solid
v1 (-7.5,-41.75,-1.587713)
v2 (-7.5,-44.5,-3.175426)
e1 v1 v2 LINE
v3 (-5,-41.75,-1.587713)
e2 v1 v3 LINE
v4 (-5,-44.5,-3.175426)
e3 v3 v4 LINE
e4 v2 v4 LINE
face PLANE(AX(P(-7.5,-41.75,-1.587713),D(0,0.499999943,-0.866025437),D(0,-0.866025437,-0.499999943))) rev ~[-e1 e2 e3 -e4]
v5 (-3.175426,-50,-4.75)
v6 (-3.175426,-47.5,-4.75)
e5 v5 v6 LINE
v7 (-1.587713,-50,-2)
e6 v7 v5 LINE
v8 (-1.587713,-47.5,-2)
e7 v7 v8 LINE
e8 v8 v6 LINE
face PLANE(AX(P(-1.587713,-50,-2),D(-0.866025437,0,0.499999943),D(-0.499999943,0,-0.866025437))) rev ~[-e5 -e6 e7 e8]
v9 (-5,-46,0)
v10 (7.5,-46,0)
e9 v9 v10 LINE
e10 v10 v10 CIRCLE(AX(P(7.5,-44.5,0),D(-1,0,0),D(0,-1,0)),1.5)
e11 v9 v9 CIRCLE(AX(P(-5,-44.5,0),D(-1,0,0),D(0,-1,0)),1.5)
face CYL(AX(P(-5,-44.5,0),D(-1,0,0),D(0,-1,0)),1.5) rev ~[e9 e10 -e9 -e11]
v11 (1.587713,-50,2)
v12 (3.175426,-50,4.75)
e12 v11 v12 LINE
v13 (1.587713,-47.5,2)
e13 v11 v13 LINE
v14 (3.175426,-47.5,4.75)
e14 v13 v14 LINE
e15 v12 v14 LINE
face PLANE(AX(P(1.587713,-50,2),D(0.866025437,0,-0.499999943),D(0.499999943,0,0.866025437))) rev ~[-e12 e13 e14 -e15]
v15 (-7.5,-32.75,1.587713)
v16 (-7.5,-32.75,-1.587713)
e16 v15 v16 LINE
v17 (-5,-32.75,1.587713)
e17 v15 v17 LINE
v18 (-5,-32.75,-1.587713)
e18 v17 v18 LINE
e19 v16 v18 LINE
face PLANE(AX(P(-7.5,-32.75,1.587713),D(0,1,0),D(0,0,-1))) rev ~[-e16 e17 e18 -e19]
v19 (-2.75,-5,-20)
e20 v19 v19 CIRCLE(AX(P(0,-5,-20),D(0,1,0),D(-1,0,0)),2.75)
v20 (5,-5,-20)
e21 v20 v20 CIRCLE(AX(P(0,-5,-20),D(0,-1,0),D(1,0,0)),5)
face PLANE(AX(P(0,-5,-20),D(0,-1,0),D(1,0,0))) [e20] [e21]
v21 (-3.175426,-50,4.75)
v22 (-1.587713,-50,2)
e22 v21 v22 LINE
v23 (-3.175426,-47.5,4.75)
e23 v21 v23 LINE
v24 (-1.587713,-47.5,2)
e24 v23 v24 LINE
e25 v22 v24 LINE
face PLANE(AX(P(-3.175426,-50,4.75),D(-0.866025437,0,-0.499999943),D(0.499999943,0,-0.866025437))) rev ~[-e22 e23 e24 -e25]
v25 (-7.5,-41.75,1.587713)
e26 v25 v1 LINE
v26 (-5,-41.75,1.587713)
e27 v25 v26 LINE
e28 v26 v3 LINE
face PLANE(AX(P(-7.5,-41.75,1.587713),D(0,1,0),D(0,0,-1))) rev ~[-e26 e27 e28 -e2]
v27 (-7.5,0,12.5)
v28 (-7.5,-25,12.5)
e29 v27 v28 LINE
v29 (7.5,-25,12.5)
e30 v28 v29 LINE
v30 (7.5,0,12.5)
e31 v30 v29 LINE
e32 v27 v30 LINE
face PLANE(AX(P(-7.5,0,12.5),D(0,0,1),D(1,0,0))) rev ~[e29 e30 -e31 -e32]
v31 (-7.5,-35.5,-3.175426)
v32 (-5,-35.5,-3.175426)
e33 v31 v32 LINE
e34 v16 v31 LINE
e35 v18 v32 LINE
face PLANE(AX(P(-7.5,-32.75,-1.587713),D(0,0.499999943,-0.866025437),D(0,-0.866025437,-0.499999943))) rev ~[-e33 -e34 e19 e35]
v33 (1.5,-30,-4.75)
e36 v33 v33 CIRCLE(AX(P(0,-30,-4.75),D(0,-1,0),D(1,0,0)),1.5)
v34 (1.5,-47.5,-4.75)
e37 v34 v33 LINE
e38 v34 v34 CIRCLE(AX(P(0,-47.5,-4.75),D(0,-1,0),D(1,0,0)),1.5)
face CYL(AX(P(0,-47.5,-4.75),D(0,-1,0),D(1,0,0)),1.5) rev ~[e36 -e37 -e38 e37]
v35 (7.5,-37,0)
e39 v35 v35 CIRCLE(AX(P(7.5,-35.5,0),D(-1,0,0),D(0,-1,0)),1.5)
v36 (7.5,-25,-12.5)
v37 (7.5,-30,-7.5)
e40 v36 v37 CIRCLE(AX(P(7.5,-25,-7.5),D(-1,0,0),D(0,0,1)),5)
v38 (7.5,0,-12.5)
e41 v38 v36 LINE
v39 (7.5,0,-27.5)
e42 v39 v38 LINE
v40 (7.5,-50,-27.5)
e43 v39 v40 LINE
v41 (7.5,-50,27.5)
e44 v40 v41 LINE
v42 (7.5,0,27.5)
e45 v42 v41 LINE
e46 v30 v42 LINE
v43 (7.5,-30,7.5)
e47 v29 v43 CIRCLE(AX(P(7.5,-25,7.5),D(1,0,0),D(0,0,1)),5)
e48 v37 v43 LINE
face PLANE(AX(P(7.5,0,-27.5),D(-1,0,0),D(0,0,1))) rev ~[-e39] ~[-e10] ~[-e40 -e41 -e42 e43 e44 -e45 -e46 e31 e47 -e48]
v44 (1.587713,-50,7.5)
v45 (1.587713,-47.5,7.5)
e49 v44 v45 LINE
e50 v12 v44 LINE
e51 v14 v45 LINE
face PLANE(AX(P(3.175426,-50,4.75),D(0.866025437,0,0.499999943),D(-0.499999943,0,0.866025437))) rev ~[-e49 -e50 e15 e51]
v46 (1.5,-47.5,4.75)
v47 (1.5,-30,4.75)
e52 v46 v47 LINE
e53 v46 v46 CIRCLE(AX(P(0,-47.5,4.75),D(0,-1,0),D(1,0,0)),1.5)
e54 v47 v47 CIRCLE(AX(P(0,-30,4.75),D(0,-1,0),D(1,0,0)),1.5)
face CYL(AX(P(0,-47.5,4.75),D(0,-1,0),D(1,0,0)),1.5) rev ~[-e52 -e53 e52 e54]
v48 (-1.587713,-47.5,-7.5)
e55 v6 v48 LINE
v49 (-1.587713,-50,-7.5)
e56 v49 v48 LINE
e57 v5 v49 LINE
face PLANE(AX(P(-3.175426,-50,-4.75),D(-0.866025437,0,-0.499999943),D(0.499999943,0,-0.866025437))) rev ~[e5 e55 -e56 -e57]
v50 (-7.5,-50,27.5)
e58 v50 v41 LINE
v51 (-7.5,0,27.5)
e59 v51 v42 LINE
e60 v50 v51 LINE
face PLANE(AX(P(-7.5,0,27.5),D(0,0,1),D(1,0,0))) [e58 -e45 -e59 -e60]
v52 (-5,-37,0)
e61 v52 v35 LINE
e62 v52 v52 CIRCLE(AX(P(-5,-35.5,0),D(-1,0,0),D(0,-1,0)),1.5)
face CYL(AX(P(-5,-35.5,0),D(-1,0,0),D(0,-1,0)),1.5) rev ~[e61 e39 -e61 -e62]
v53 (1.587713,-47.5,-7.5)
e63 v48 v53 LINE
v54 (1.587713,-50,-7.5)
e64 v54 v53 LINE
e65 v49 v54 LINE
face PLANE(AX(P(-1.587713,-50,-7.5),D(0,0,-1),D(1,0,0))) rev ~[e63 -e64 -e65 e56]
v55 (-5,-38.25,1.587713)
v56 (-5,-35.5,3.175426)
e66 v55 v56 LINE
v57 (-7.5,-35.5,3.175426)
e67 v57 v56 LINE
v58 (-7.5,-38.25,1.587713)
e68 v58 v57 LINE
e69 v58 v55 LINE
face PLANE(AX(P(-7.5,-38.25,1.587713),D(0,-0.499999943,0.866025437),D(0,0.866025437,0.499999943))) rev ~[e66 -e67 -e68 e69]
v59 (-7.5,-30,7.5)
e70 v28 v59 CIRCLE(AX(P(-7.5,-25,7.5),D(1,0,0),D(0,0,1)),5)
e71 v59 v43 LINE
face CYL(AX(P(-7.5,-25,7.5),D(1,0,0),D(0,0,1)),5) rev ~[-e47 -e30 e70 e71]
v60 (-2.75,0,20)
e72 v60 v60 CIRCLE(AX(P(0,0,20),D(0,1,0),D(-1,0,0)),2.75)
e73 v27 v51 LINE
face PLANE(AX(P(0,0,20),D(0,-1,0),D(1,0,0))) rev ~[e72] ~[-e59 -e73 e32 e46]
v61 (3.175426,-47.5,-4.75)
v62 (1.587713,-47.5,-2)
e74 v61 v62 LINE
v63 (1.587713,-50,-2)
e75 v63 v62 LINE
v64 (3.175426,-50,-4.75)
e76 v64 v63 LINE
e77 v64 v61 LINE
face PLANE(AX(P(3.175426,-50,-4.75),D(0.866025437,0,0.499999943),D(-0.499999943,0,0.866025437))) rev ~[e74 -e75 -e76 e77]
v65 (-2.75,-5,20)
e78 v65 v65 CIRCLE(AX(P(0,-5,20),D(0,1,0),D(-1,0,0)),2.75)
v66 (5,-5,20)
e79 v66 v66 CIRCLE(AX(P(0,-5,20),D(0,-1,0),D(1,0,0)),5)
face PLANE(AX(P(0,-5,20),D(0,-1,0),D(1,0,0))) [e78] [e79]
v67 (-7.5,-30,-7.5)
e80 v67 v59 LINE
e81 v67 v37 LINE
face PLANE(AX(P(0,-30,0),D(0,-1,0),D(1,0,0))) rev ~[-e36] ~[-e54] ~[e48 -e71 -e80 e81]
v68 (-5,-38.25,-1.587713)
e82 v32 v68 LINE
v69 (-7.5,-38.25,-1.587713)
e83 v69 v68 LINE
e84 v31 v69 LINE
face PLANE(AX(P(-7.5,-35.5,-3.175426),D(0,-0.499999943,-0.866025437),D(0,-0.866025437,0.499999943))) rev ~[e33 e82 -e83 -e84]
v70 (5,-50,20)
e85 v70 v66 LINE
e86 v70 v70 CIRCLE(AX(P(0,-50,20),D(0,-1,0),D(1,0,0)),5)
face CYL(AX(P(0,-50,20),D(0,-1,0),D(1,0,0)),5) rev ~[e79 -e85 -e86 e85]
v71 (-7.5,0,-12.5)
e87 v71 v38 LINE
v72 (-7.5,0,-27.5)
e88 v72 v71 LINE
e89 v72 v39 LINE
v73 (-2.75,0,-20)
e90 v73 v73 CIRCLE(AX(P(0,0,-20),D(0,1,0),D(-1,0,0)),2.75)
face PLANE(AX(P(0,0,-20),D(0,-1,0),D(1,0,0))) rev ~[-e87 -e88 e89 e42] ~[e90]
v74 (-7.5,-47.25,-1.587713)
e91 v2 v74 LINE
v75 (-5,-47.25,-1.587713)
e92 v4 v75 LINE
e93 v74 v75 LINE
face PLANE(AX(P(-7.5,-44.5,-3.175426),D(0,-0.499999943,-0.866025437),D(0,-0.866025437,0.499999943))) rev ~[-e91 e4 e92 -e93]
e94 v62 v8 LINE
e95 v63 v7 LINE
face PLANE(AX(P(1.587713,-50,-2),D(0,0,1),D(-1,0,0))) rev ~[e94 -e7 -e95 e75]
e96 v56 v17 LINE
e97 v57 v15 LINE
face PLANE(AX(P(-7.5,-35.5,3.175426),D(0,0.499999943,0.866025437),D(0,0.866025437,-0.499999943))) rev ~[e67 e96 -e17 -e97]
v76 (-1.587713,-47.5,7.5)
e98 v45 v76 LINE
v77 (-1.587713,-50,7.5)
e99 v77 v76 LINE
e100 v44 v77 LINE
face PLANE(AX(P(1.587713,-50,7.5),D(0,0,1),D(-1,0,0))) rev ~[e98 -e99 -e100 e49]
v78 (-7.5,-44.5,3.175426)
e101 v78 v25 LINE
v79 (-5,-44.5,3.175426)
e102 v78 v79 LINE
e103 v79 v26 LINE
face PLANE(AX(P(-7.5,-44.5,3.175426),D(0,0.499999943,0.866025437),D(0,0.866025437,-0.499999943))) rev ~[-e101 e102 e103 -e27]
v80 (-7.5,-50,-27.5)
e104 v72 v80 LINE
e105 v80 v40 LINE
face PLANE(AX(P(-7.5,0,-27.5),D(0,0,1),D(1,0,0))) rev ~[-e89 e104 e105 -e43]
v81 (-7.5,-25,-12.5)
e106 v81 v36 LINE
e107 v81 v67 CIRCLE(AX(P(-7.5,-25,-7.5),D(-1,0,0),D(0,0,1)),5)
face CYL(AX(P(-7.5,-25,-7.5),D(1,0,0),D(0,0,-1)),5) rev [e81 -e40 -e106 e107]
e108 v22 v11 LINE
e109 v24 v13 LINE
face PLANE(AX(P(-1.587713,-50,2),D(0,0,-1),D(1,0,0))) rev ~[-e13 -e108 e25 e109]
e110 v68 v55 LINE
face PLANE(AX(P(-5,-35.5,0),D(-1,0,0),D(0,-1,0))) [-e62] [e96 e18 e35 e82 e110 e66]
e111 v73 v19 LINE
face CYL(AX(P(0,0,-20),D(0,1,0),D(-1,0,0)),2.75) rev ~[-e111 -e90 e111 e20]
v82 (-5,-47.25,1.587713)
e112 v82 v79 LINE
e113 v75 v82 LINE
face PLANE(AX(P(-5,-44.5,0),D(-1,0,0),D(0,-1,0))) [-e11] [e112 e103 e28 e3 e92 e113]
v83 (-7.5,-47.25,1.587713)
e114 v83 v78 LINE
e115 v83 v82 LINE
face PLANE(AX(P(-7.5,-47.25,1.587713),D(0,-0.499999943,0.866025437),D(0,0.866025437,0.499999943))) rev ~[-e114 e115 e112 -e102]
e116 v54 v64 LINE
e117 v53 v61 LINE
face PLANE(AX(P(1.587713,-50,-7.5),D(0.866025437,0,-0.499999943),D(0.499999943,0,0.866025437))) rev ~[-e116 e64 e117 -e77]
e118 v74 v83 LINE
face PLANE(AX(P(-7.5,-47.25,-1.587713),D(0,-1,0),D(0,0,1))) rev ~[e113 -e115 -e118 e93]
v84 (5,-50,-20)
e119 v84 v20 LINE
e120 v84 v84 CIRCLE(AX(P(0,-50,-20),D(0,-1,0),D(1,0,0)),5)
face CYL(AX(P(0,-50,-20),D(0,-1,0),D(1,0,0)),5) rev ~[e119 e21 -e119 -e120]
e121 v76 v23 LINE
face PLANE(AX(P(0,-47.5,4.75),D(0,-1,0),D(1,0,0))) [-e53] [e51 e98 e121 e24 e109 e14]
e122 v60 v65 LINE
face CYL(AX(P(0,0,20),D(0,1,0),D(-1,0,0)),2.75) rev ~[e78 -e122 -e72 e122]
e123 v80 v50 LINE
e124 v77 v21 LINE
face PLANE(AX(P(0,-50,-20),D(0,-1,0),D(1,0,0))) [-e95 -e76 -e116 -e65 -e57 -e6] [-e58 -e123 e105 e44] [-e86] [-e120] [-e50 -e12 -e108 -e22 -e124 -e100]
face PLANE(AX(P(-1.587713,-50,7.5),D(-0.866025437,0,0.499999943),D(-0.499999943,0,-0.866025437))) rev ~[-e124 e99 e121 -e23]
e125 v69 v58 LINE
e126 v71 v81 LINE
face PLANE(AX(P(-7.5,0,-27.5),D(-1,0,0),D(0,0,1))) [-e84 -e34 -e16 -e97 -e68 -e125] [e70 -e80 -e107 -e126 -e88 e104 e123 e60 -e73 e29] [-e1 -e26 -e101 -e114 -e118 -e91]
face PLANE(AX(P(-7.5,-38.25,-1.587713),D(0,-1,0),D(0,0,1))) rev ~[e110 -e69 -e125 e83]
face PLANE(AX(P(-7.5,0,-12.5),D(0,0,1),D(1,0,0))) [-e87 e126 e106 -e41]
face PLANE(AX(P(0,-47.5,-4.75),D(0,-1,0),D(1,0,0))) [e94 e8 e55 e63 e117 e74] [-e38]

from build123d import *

# Parameters (mm, degrees)
F0_W      = 15
F0_H      = 15
F1_DEPTH  = 50
F2_W      = 15
F2_H      = 55
F3_DEPTH  = 20
F4_R      = 2.75
F5_DEPTH  = 50.001
F6_R      = 5
F7_DEPTH  = 45
F9_DEPTH  = 2.5
F10_R     = 1.5
F11_DEPTH = 12.501
F13_DEPTH = 2.5
F14_R     = 1.5
F15_DEPTH = 25
F16_R     = 5


with BuildPart() as f1:
    # F0 (on Front) → F1 (new body)
    with BuildSketch(Plane.XZ):
        with Locations((0, 20)):
            Rectangle(F0_W, F0_H)
        with Locations((0, -20)):
            Rectangle(F0_W, F0_H)
    extrude(amount=F1_DEPTH)

    # F2 (on face) → F3 (join)
    with BuildSketch(Plane.XZ.offset(50)):
        Rectangle(F2_W, F2_H)
    extrude(amount=-F3_DEPTH)

    # F4 (on face) → F5 (cut, through all)
    with BuildSketch(Plane(origin=(0, 0, 0), x_dir=(-1, 0, 0), z_dir=(0, 1, 0))):
        with Locations((0, 20)):
            Circle(F4_R)
        with Locations((0, -20)):
            Circle(F4_R)
    extrude(amount=-F5_DEPTH, mode=Mode.SUBTRACT)

    # F6 (on face) → F7 (cut)
    with BuildSketch(Plane.XZ.offset(50)):
        with Locations((0, 20)):
            Circle(F6_R)
        with Locations((0, -20)):
            Circle(F6_R)
    extrude(amount=-F7_DEPTH, mode=Mode.SUBTRACT)

    # F8 (on face) → F9 (cut)
    with BuildSketch(Plane(origin=(-7.5, 0, 0), x_dir=(0, -1, 0), z_dir=(-1, 0, 0))):
        Polygon((35.5, -3.175426), (38.25, -1.587713), (38.25, 1.587713), (35.5, 3.175426), (32.75, 1.587713), (32.75, -1.587713), align=None)
        Polygon((47.25, 1.587713), (44.5, 3.175426), (41.75, 1.587713), (41.75, -1.587713), (44.5, -3.175426), (47.25, -1.587713), align=None)
    extrude(amount=-F9_DEPTH, mode=Mode.SUBTRACT)

    # F10 (on face) → F11 (cut, through all)
    with BuildSketch(Plane(origin=(-5, 0, 0), x_dir=(0, -1, 0), z_dir=(-1, 0, 0))):
        with Locations((35.5, 0)):
            Circle(F10_R)
        with Locations((44.5, 0)):
            Circle(F10_R)
    extrude(amount=-F11_DEPTH, mode=Mode.SUBTRACT)

    # F12 (on face) → F13 (cut)
    with BuildSketch(Plane.XZ.offset(50)):
        Polygon((1.587713, 2), (3.175426, 4.75), (1.587713, 7.5), (-1.587713, 7.5), (-3.175426, 4.75), (-1.587713, 2), align=None)
        Polygon((1.587713, -7.5), (3.175426, -4.75), (1.587713, -2), (-1.587713, -2), (-3.175426, -4.75), (-1.587713, -7.5), align=None)
    extrude(amount=-F13_DEPTH, mode=Mode.SUBTRACT)

    # F14 (on face) → F15 (cut)
    with BuildSketch(Plane.XZ.offset(47.5)):
        with Locations((0, 4.75)):
            Circle(F14_R)
        with Locations((0, -4.75)):
            Circle(F14_R)
    extrude(amount=-F15_DEPTH, mode=Mode.SUBTRACT)

    # F16
    f16_edges = [f1.edges().sort_by_distance(p)[0] for p in [
        (0, -30, 12.5),
        (0, -30, -12.5),
    ]]
    fillet(f16_edges, radius=F16_R)


solid = f1.part
